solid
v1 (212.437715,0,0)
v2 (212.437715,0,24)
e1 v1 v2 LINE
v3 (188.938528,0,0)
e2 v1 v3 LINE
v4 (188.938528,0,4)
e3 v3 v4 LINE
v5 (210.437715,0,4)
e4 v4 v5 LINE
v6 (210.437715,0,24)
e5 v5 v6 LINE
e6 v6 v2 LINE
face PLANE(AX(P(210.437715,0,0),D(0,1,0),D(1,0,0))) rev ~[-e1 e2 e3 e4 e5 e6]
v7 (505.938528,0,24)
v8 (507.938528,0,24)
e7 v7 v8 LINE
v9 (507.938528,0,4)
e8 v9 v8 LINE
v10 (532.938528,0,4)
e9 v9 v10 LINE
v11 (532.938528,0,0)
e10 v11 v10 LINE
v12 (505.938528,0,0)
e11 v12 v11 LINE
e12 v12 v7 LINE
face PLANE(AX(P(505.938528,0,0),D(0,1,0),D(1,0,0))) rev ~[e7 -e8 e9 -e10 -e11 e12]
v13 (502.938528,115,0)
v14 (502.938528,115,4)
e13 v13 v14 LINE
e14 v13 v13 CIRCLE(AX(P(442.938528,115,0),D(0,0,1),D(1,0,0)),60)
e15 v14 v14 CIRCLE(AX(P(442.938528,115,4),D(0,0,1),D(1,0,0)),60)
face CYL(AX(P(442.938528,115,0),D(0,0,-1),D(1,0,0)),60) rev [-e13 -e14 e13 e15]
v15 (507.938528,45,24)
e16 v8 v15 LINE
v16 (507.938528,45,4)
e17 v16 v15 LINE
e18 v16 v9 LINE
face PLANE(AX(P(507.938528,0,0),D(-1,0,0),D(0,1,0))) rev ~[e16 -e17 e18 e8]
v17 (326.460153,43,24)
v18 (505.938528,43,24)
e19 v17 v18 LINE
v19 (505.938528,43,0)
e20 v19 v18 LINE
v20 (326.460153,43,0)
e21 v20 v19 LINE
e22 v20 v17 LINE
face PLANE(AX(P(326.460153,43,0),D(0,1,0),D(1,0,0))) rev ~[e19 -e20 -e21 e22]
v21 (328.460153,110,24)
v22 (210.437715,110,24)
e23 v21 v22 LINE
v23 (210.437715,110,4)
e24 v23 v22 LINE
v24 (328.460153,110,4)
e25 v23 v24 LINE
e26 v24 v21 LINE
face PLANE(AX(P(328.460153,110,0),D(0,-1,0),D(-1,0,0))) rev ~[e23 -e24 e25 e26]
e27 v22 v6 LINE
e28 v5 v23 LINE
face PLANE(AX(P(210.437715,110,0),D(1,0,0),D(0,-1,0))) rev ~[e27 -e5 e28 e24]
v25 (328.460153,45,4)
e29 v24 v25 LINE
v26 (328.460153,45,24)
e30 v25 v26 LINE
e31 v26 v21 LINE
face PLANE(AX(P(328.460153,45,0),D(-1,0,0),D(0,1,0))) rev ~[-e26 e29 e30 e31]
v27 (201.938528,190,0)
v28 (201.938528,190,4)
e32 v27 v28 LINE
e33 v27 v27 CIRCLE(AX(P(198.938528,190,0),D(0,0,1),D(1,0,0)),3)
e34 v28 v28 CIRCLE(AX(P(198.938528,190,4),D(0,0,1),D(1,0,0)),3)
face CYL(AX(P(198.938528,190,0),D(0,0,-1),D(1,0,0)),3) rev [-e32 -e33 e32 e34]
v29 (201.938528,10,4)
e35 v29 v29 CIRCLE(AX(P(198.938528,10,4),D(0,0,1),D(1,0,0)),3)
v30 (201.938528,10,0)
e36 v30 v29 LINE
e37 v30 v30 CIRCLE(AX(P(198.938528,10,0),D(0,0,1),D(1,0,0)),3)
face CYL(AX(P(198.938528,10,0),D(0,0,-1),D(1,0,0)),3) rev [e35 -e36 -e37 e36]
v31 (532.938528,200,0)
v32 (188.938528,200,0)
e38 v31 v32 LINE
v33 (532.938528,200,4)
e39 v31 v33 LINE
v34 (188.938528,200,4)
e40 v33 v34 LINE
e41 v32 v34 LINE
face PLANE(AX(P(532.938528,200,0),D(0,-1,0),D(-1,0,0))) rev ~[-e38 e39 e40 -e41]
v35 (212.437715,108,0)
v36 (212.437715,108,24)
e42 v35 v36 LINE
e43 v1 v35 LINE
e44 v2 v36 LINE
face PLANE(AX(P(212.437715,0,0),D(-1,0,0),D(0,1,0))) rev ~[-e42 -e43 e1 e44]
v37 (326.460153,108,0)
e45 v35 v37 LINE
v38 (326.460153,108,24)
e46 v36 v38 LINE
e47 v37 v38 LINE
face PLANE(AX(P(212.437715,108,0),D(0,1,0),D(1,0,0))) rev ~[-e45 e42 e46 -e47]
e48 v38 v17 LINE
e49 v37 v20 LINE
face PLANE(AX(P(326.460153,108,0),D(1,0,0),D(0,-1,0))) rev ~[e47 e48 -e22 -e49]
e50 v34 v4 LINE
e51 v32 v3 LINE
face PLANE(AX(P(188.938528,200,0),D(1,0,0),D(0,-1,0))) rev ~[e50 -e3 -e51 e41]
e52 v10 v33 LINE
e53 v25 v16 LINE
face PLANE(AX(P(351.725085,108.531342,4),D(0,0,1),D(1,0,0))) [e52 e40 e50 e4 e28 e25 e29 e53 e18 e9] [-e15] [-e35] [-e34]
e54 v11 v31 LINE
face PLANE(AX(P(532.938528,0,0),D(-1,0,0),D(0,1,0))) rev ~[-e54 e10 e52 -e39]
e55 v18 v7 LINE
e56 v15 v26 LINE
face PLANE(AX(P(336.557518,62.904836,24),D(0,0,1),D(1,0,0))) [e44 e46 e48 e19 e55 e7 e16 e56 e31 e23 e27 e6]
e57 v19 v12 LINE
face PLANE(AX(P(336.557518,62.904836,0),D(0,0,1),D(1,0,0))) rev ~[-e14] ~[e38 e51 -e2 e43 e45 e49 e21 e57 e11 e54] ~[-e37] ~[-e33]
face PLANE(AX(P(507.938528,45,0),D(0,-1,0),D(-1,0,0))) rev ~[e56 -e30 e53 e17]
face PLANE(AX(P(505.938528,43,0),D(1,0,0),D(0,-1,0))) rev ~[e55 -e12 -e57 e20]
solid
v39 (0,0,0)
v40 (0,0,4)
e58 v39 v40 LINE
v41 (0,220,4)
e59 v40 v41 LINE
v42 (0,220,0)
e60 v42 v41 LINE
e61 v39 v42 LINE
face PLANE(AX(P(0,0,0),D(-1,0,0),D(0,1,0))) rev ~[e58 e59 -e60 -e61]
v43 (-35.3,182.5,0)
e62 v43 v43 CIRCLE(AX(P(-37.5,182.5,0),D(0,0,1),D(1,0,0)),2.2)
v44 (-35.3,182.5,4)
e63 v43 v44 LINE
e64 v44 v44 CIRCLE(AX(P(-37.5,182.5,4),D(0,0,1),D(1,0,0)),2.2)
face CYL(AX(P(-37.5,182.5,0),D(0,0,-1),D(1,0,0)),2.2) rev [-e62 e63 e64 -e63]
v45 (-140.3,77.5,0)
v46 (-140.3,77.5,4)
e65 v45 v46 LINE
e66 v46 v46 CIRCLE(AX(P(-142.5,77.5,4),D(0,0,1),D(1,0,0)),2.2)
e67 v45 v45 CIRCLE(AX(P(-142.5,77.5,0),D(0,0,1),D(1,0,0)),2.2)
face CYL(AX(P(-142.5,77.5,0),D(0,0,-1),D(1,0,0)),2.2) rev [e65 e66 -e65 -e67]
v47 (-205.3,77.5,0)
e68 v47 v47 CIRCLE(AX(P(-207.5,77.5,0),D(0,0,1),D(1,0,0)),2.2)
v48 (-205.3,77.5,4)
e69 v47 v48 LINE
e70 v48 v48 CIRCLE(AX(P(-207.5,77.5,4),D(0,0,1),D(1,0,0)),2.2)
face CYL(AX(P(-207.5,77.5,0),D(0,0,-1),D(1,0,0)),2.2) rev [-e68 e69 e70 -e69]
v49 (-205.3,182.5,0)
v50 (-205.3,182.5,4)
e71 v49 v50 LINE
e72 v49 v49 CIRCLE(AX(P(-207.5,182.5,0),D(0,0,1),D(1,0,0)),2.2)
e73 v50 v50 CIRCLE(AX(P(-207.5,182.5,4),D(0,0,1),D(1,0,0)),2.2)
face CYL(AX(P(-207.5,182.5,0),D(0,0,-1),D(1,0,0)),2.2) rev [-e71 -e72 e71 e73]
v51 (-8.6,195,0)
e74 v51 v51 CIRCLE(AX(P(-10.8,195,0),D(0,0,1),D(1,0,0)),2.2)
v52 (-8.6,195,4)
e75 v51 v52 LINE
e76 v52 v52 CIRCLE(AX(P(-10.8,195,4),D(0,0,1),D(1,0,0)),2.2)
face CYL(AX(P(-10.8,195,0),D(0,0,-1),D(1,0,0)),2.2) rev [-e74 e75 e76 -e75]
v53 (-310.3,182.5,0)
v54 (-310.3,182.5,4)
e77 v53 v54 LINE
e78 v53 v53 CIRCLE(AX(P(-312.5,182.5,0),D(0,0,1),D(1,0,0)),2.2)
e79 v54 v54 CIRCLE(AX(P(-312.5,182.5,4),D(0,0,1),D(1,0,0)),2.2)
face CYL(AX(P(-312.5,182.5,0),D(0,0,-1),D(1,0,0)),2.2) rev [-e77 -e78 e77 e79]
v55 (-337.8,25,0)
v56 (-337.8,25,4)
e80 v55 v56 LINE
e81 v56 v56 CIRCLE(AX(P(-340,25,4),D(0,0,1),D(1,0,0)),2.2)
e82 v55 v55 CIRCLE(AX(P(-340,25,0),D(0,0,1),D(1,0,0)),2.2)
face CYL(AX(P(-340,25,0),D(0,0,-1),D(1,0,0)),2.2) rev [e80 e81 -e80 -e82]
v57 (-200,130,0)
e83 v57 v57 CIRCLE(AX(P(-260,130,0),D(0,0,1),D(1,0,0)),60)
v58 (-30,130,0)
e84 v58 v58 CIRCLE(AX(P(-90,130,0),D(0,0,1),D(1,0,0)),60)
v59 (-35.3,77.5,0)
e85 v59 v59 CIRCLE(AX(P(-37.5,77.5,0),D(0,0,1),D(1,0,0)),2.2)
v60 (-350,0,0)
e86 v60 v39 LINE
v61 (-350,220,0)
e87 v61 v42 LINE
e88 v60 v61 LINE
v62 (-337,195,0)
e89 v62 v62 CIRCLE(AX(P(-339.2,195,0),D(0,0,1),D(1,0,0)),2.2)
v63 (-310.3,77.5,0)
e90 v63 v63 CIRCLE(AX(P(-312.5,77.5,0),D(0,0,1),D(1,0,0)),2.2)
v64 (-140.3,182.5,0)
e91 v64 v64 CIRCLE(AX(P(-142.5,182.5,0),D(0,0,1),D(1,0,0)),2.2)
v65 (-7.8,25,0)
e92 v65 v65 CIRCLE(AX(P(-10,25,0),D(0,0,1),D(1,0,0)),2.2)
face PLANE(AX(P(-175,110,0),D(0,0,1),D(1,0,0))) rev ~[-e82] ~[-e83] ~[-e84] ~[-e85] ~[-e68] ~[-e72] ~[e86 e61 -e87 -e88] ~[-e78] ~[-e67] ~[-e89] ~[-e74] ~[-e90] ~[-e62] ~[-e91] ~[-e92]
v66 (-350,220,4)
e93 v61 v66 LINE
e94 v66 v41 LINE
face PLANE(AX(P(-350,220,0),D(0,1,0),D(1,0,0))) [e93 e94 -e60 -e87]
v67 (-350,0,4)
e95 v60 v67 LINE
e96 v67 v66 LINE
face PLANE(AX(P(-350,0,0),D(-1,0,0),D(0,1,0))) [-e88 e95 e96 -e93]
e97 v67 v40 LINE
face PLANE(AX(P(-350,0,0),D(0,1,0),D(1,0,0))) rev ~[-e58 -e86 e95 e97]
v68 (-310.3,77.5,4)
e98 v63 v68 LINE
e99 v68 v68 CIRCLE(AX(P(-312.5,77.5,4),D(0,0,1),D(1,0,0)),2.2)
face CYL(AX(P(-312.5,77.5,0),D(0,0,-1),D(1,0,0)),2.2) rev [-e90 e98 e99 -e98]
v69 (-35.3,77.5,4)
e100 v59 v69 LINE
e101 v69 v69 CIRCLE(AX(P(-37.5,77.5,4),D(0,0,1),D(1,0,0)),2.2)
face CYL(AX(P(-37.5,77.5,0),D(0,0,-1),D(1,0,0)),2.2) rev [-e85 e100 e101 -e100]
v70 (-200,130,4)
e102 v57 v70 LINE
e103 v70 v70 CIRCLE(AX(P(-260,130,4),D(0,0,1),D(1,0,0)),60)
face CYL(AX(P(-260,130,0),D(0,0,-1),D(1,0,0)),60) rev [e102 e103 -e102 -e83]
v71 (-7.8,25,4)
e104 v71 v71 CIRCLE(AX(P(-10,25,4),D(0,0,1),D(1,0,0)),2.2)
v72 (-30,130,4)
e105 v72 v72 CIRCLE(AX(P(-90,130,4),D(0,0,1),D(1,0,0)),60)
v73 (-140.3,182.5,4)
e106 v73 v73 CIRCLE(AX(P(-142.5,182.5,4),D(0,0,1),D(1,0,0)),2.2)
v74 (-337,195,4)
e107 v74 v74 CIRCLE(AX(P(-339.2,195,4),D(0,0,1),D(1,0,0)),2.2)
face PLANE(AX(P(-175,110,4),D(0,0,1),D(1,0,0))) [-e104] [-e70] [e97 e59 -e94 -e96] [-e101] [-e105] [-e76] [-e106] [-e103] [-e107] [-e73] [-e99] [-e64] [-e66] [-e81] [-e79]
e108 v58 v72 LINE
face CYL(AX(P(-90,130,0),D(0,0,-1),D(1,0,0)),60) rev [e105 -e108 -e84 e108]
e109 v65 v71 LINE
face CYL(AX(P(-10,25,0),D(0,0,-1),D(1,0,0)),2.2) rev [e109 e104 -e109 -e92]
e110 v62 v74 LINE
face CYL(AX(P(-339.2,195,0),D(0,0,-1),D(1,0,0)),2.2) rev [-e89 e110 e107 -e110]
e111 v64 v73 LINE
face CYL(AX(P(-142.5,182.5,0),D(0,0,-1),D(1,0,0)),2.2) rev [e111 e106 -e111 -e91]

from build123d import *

# Parameters (mm, degrees)
F0_W     = 350
F0_H     = 220
F0_R     = 2.2
F0_R_2   = 60
F1_DEPTH = 4
F2_R     = 3
F2_R_2   = 60
F3_DEPTH = 4
F4_DEPTH = 24


with BuildPart() as f1:
    # F0 (on Top) → F1 (new body)
    with BuildSketch(Plane.XY):
        with Locations((-175, 110)):
            Rectangle(F0_W, F0_H)
        with Locations((-340, 25)):
            Circle(F0_R, mode=Mode.SUBTRACT)
        with Locations((-312.5, 77.5)):
            Circle(F0_R, mode=Mode.SUBTRACT)
        with Locations((-207.5, 77.5)):
            Circle(F0_R, mode=Mode.SUBTRACT)
        with Locations((-10, 25)):
            Circle(F0_R, mode=Mode.SUBTRACT)
        with Locations((-142.5, 77.5)):
            Circle(F0_R, mode=Mode.SUBTRACT)
        with Locations((-37.5, 77.5)):
            Circle(F0_R, mode=Mode.SUBTRACT)
        with Locations((-260, 130)):
            Circle(F0_R_2, mode=Mode.SUBTRACT)
        with Locations((-312.5, 182.5)):
            Circle(F0_R, mode=Mode.SUBTRACT)
        with Locations((-339.2, 195)):
            Circle(F0_R, mode=Mode.SUBTRACT)
        with Locations((-207.5, 182.5)):
            Circle(F0_R, mode=Mode.SUBTRACT)
        with Locations((-90, 130)):
            Circle(F0_R_2, mode=Mode.SUBTRACT)
        with Locations((-142.5, 182.5)):
            Circle(F0_R, mode=Mode.SUBTRACT)
        with Locations((-37.5, 182.5)):
            Circle(F0_R, mode=Mode.SUBTRACT)
        with Locations((-10.8, 195)):
            Circle(F0_R, mode=Mode.SUBTRACT)
    extrude(amount=F1_DEPTH)


with BuildPart() as f3:
    # F2 (on Top) → F3 (new body)
    with BuildSketch(Plane.XY):
        Polygon((507.938528, 0), (532.938528, 0), (532.938528, 200), (188.938528, 200), (188.938528, 0), (210.437715, 0), (210.437715, 110), (328.460153, 110), (328.460153, 45), (507.938528, 45), align=None)
        with Locations((198.938528, 10)):
            Circle(F2_R, mode=Mode.SUBTRACT)
        with Locations((198.938528, 190)):
            Circle(F2_R, mode=Mode.SUBTRACT)
        with Locations((442.938528, 115)):
            Circle(F2_R_2, mode=Mode.SUBTRACT)
    extrude(amount=F3_DEPTH)

    # F2 (on Top) → F4 (join)
    with BuildSketch(Plane.XY):
        Polygon((505.938528, 0), (507.938528, 0), (507.938528, 45), (328.460153, 45), (328.460153, 110), (210.437715, 110), (210.437715, 0), (212.437715, 0), (212.437715, 108), (326.460153, 108), (326.460153, 43), (505.938528, 43), (505.938528, 2.999995), align=None)
    extrude(amount=F4_DEPTH)


solid = Compound([f1.part, f3.part])
